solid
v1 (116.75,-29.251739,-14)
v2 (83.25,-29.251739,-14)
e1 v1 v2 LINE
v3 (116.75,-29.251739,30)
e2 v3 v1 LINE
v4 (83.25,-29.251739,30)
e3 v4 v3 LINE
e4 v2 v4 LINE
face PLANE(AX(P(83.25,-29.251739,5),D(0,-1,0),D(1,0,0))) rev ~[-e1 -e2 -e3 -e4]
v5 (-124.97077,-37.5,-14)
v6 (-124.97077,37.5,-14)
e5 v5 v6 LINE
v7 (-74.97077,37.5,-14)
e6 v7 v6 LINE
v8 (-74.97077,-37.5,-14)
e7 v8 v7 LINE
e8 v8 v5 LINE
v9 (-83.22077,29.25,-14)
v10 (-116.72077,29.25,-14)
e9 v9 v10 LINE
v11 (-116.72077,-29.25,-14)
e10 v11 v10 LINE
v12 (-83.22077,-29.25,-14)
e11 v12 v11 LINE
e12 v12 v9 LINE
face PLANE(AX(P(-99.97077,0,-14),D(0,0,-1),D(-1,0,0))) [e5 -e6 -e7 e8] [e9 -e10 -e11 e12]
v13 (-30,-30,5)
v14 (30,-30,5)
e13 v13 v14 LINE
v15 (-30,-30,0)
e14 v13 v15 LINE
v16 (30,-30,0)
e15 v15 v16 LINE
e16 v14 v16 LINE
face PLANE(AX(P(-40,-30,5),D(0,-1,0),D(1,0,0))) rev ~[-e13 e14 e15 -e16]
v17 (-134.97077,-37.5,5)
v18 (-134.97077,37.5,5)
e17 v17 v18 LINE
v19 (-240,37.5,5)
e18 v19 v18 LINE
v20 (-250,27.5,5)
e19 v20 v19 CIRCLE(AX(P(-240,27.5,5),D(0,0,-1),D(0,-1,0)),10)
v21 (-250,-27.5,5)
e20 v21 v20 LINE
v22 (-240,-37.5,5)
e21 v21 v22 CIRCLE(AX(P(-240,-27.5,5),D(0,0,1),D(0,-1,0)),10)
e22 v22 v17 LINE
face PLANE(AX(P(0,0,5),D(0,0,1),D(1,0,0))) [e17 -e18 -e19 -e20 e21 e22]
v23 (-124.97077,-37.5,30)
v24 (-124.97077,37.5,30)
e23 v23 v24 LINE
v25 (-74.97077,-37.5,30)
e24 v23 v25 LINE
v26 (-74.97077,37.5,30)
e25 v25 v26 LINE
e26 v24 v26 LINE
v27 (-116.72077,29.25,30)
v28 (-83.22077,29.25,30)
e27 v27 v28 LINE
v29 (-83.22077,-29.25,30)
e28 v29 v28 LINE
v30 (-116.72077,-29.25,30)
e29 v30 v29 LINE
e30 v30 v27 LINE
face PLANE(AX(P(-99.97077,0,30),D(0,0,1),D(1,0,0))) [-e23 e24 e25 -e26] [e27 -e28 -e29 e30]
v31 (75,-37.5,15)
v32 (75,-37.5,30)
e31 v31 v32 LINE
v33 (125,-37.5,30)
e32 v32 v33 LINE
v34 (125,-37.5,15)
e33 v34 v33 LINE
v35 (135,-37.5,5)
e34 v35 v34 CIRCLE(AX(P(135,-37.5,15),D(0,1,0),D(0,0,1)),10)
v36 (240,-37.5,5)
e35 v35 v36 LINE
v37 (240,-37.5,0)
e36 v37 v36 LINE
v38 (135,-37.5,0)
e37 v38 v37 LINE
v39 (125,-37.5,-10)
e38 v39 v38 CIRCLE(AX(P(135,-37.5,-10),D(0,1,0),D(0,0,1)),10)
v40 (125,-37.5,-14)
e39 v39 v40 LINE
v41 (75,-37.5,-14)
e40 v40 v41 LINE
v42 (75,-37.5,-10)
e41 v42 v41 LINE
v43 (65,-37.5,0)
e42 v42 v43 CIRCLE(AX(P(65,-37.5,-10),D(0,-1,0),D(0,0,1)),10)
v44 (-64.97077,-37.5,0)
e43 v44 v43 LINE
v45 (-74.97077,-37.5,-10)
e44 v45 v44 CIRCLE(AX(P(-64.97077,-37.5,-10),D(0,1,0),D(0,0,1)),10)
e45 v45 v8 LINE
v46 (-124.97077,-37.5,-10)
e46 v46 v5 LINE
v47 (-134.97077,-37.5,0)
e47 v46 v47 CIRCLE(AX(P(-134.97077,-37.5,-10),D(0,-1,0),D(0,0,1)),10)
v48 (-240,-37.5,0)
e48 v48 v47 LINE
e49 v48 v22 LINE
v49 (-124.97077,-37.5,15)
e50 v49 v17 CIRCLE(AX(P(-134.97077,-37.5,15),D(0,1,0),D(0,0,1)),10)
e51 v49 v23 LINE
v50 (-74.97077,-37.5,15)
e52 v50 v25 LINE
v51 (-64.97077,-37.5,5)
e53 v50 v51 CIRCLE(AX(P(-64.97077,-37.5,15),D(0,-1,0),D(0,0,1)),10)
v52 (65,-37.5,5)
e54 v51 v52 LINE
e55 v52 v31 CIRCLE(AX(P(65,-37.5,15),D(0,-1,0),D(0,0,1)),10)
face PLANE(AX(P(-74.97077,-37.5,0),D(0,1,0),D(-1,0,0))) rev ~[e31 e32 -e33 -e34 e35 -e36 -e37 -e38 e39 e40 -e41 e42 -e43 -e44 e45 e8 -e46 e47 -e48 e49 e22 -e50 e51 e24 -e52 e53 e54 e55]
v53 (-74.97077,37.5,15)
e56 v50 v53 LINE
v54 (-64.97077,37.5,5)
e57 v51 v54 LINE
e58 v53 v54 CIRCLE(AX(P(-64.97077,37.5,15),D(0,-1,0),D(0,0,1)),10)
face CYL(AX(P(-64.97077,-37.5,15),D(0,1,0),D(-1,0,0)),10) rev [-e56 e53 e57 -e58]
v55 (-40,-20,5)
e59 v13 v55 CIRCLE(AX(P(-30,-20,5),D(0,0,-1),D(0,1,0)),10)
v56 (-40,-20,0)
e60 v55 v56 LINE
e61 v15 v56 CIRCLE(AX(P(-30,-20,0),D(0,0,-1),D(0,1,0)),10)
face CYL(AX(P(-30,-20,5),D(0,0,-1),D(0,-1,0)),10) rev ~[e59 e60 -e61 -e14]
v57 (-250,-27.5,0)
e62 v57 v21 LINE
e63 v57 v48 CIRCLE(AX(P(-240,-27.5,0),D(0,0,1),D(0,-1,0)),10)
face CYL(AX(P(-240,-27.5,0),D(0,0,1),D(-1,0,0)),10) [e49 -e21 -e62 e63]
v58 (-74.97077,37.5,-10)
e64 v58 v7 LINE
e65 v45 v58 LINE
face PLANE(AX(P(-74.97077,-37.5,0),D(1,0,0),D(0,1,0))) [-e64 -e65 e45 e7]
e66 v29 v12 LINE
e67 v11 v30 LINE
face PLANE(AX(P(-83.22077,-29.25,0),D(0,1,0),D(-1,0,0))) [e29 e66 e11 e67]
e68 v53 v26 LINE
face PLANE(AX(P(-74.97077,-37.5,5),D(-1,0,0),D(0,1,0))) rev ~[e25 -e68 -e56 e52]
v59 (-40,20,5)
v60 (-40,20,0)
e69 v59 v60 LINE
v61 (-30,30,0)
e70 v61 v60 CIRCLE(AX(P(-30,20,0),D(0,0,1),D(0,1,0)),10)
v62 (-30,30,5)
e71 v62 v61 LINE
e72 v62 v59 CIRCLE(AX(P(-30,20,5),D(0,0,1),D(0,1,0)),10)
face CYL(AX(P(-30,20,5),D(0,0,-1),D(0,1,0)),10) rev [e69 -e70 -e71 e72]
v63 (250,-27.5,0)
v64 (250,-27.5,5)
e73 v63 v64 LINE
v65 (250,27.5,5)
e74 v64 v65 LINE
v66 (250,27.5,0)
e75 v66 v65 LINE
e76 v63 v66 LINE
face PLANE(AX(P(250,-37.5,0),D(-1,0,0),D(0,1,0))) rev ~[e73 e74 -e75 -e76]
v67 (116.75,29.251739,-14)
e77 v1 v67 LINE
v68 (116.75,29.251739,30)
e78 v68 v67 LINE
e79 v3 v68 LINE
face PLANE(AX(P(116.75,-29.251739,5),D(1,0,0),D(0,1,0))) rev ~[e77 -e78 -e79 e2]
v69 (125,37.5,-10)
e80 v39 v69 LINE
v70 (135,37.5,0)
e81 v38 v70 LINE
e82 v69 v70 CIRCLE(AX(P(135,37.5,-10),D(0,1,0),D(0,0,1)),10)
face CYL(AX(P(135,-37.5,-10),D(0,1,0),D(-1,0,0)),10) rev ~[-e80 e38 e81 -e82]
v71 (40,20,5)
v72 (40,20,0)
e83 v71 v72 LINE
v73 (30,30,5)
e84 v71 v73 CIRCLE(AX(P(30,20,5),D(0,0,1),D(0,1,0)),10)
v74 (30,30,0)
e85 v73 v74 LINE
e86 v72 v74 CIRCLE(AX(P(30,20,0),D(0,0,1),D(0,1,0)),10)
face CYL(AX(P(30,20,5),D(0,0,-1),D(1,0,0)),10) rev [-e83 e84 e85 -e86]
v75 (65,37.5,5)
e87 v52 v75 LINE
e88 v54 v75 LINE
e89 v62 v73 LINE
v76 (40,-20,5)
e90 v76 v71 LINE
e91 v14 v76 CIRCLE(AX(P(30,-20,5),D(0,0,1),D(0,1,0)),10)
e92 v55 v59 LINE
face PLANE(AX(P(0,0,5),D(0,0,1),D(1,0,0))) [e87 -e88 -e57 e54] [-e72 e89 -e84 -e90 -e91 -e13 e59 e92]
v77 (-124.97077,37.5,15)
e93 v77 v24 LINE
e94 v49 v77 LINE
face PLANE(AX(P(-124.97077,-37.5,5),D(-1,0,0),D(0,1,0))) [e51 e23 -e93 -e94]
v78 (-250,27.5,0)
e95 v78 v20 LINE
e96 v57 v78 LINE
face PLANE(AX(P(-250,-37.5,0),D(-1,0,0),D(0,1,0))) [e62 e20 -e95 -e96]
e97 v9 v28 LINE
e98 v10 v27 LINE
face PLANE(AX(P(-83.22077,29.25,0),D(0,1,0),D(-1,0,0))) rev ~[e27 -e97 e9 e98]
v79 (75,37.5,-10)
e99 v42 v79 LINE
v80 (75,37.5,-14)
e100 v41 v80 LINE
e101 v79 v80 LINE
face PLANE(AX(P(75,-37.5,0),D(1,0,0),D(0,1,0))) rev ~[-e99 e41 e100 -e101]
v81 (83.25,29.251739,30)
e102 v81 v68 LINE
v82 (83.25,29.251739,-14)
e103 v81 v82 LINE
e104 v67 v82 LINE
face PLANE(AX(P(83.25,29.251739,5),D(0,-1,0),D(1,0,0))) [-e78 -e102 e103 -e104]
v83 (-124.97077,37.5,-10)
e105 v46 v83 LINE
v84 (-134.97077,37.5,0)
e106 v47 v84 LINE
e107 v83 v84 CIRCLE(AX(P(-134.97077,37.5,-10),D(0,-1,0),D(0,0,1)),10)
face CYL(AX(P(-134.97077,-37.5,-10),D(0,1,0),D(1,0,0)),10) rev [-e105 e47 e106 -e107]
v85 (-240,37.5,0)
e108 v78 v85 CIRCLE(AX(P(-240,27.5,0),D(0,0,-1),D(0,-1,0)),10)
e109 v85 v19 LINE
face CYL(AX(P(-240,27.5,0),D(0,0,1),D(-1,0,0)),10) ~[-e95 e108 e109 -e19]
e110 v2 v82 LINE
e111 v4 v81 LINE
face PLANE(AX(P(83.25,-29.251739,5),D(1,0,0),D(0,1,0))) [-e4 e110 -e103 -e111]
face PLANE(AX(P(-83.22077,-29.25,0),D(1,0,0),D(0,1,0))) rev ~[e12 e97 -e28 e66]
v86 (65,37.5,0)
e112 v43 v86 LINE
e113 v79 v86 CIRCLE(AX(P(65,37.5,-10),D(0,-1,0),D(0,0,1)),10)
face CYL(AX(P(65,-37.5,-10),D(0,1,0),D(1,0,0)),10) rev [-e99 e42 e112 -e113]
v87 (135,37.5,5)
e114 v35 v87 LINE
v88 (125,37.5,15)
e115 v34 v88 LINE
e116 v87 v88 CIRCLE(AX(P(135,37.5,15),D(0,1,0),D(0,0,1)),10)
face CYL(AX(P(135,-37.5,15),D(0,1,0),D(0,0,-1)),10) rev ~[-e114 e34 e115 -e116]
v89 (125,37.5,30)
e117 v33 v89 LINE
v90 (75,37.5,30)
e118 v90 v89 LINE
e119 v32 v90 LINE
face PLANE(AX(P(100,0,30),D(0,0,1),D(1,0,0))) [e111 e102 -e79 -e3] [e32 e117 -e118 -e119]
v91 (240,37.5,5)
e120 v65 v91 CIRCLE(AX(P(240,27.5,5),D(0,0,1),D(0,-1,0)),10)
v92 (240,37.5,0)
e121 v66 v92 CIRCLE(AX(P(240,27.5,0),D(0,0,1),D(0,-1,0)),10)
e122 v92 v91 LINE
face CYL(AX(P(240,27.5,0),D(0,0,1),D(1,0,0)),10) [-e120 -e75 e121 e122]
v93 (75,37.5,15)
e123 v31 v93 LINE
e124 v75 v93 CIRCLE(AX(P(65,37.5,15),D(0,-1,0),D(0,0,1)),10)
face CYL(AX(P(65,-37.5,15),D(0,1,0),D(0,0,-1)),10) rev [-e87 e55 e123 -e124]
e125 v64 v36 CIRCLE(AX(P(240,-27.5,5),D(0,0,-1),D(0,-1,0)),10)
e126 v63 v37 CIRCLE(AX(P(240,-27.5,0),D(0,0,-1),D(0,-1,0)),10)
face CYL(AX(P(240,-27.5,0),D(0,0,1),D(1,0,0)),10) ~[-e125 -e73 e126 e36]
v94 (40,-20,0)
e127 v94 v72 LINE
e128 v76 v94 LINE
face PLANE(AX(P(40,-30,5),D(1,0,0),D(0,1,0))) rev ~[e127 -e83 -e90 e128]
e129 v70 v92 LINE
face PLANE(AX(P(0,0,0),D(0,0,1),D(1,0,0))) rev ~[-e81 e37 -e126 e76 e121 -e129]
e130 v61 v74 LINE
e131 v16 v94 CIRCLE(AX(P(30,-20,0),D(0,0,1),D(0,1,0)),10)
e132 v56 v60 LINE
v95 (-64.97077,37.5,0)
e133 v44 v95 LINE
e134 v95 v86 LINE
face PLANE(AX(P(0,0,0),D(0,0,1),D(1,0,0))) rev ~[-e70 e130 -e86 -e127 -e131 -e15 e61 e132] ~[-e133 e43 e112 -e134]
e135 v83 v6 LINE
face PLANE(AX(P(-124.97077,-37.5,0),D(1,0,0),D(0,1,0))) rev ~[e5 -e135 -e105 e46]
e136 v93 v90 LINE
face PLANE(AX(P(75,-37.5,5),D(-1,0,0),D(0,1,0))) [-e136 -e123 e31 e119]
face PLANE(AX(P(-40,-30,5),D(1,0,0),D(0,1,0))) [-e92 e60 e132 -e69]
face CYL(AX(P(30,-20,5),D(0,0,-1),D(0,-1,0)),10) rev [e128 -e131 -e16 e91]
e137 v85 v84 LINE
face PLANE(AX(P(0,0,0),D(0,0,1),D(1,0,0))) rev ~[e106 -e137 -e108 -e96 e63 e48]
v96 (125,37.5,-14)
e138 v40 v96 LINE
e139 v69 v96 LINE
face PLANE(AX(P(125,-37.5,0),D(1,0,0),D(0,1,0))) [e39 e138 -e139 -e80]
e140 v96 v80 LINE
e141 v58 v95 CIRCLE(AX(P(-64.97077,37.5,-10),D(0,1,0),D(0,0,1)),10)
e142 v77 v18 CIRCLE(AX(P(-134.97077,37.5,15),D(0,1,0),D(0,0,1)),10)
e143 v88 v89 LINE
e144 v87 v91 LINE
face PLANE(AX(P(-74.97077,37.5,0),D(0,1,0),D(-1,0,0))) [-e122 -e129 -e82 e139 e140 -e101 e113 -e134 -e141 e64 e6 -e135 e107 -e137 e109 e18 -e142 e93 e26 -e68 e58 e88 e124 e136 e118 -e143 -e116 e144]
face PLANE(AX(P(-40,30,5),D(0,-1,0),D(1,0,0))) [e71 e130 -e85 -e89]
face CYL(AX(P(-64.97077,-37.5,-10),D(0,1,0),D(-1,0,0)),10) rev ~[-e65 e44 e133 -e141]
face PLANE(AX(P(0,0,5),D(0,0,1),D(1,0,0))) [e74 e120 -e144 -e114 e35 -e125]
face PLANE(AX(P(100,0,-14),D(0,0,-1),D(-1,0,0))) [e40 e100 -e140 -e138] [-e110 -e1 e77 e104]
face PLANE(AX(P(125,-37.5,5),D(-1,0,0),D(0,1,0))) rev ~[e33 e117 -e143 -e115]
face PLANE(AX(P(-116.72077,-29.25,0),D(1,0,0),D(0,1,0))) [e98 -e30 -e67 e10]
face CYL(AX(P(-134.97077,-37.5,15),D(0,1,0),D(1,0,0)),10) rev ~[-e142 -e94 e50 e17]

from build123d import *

# Parameters (mm, degrees)
SKETCH1_W           = 500
SKETCH1_H           = 75
BOSS_EXTRUDE1_DEPTH = 5
SKETCH2_W           = 33.5
SKETCH2_H           = 58.5
SKETCH2_H_2         = 58.503478076
CUT_EXTRUDE1_DEPTH  = 5
SKETCH3_W           = 50
SKETCH3_H           = 75
SKETCH3_W_2         = 33.5
SKETCH3_H_2         = 58.5
SKETCH3_H_3         = 58.503478076
BOSS_EXTRUDE4_DEPTH = 25
SKETCH5_W           = 50
SKETCH5_H           = 75
SKETCH5_W_2         = 33.5
SKETCH5_H_2         = 58.5
SKETCH5_H_3         = 58.503478076
BOSS_EXTRUDE5_DEPTH = 14
FILLET1_R           = 10
FILLET2_R           = 10
SKETCH6_W           = 80
SKETCH6_H           = 60
CUT_EXTRUDE3_DEPTH  = 380
FILLET3_R           = 10


with BuildPart() as part:
    # Sketch1 → Boss-Extrude1 (new body)
    with BuildSketch(Plane.XY):
        Rectangle(SKETCH1_W, SKETCH1_H)
    extrude(amount=BOSS_EXTRUDE1_DEPTH)

    # Sketch2 → Cut-Extrude1 (cut)
    with BuildSketch(Plane.XY.offset(5)):
        with Locations((-99.970770454, 0)):
            Rectangle(SKETCH2_W, SKETCH2_H)
        with Locations((100, 0)):
            Rectangle(SKETCH2_W, SKETCH2_H_2)
    extrude(amount=-CUT_EXTRUDE1_DEPTH, mode=Mode.SUBTRACT)

    # Sketch3 → Boss-Extrude4 (add)
    with BuildSketch(Plane.XY.offset(5)):
        with Locations((-99.970770454, 0)):
            Rectangle(SKETCH3_W, SKETCH3_H)
        with Locations((-99.970770454, 0)):
            Rectangle(SKETCH3_W_2, SKETCH3_H_2, mode=Mode.SUBTRACT)
        with Locations((100, 0)):
            Rectangle(SKETCH3_W, SKETCH3_H)
        with Locations((100, 0)):
            Rectangle(SKETCH3_W_2, SKETCH3_H_3, mode=Mode.SUBTRACT)
    extrude(amount=BOSS_EXTRUDE4_DEPTH)

    # Sketch5 → Boss-Extrude5 (add)
    with BuildSketch(Plane(origin=(0, 0, 0), x_dir=(-1, 0, 0), z_dir=(0, 0, -1))):
        with Locations((99.970770454, 0)):
            Rectangle(SKETCH5_W, SKETCH5_H)
        with Locations((99.970770454, 0)):
            Rectangle(SKETCH5_W_2, SKETCH5_H_2, mode=Mode.SUBTRACT)
        with Locations((-100, 0)):
            Rectangle(SKETCH5_W, SKETCH5_H)
        with Locations((-100, 0)):
            Rectangle(SKETCH5_W_2, SKETCH5_H_3, mode=Mode.SUBTRACT)
    extrude(amount=BOSS_EXTRUDE5_DEPTH)

    # Fillet1
    fillet1_edges = [part.edges().sort_by_distance(p)[0] for p in [
        (75, 0, 0),
        (125, 0, 0),
        (-74.970770454, 0, 5),
        (-124.970770454, 0, 5),
        (125, 0, 5),
        (75, 0, 5),
        (250, -37.5, 2.5),
        (-250, -37.5, 2.5),
        (-250, 37.5, 2.5),
        (250, 37.5, 2.5),
        (-74.970770454, 0, 0),
    ]]
    fillet(fillet1_edges, radius=FILLET1_R)

    # Fillet2
    fillet2_edges = [part.edges().sort_by_distance(p)[0] for p in [
        (-124.970770454, 0, 0),
    ]]
    fillet(fillet2_edges, radius=FILLET2_R)

    # Sketch6 → Cut-Extrude3 (cut)
    with BuildSketch(Plane.XY.offset(5)):
        Rectangle(SKETCH6_W, SKETCH6_H)
    extrude(amount=-CUT_EXTRUDE3_DEPTH, mode=Mode.SUBTRACT)

    # Fillet3
    fillet3_edges = [part.edges().sort_by_distance(p)[0] for p in [
        (40, 30, 2.5),
        (40, -30, 2.5),
        (-40, -30, 2.5),
        (-40, 30, 2.5),
    ]]
    fillet(fillet3_edges, radius=FILLET3_R)


solid = part.part
